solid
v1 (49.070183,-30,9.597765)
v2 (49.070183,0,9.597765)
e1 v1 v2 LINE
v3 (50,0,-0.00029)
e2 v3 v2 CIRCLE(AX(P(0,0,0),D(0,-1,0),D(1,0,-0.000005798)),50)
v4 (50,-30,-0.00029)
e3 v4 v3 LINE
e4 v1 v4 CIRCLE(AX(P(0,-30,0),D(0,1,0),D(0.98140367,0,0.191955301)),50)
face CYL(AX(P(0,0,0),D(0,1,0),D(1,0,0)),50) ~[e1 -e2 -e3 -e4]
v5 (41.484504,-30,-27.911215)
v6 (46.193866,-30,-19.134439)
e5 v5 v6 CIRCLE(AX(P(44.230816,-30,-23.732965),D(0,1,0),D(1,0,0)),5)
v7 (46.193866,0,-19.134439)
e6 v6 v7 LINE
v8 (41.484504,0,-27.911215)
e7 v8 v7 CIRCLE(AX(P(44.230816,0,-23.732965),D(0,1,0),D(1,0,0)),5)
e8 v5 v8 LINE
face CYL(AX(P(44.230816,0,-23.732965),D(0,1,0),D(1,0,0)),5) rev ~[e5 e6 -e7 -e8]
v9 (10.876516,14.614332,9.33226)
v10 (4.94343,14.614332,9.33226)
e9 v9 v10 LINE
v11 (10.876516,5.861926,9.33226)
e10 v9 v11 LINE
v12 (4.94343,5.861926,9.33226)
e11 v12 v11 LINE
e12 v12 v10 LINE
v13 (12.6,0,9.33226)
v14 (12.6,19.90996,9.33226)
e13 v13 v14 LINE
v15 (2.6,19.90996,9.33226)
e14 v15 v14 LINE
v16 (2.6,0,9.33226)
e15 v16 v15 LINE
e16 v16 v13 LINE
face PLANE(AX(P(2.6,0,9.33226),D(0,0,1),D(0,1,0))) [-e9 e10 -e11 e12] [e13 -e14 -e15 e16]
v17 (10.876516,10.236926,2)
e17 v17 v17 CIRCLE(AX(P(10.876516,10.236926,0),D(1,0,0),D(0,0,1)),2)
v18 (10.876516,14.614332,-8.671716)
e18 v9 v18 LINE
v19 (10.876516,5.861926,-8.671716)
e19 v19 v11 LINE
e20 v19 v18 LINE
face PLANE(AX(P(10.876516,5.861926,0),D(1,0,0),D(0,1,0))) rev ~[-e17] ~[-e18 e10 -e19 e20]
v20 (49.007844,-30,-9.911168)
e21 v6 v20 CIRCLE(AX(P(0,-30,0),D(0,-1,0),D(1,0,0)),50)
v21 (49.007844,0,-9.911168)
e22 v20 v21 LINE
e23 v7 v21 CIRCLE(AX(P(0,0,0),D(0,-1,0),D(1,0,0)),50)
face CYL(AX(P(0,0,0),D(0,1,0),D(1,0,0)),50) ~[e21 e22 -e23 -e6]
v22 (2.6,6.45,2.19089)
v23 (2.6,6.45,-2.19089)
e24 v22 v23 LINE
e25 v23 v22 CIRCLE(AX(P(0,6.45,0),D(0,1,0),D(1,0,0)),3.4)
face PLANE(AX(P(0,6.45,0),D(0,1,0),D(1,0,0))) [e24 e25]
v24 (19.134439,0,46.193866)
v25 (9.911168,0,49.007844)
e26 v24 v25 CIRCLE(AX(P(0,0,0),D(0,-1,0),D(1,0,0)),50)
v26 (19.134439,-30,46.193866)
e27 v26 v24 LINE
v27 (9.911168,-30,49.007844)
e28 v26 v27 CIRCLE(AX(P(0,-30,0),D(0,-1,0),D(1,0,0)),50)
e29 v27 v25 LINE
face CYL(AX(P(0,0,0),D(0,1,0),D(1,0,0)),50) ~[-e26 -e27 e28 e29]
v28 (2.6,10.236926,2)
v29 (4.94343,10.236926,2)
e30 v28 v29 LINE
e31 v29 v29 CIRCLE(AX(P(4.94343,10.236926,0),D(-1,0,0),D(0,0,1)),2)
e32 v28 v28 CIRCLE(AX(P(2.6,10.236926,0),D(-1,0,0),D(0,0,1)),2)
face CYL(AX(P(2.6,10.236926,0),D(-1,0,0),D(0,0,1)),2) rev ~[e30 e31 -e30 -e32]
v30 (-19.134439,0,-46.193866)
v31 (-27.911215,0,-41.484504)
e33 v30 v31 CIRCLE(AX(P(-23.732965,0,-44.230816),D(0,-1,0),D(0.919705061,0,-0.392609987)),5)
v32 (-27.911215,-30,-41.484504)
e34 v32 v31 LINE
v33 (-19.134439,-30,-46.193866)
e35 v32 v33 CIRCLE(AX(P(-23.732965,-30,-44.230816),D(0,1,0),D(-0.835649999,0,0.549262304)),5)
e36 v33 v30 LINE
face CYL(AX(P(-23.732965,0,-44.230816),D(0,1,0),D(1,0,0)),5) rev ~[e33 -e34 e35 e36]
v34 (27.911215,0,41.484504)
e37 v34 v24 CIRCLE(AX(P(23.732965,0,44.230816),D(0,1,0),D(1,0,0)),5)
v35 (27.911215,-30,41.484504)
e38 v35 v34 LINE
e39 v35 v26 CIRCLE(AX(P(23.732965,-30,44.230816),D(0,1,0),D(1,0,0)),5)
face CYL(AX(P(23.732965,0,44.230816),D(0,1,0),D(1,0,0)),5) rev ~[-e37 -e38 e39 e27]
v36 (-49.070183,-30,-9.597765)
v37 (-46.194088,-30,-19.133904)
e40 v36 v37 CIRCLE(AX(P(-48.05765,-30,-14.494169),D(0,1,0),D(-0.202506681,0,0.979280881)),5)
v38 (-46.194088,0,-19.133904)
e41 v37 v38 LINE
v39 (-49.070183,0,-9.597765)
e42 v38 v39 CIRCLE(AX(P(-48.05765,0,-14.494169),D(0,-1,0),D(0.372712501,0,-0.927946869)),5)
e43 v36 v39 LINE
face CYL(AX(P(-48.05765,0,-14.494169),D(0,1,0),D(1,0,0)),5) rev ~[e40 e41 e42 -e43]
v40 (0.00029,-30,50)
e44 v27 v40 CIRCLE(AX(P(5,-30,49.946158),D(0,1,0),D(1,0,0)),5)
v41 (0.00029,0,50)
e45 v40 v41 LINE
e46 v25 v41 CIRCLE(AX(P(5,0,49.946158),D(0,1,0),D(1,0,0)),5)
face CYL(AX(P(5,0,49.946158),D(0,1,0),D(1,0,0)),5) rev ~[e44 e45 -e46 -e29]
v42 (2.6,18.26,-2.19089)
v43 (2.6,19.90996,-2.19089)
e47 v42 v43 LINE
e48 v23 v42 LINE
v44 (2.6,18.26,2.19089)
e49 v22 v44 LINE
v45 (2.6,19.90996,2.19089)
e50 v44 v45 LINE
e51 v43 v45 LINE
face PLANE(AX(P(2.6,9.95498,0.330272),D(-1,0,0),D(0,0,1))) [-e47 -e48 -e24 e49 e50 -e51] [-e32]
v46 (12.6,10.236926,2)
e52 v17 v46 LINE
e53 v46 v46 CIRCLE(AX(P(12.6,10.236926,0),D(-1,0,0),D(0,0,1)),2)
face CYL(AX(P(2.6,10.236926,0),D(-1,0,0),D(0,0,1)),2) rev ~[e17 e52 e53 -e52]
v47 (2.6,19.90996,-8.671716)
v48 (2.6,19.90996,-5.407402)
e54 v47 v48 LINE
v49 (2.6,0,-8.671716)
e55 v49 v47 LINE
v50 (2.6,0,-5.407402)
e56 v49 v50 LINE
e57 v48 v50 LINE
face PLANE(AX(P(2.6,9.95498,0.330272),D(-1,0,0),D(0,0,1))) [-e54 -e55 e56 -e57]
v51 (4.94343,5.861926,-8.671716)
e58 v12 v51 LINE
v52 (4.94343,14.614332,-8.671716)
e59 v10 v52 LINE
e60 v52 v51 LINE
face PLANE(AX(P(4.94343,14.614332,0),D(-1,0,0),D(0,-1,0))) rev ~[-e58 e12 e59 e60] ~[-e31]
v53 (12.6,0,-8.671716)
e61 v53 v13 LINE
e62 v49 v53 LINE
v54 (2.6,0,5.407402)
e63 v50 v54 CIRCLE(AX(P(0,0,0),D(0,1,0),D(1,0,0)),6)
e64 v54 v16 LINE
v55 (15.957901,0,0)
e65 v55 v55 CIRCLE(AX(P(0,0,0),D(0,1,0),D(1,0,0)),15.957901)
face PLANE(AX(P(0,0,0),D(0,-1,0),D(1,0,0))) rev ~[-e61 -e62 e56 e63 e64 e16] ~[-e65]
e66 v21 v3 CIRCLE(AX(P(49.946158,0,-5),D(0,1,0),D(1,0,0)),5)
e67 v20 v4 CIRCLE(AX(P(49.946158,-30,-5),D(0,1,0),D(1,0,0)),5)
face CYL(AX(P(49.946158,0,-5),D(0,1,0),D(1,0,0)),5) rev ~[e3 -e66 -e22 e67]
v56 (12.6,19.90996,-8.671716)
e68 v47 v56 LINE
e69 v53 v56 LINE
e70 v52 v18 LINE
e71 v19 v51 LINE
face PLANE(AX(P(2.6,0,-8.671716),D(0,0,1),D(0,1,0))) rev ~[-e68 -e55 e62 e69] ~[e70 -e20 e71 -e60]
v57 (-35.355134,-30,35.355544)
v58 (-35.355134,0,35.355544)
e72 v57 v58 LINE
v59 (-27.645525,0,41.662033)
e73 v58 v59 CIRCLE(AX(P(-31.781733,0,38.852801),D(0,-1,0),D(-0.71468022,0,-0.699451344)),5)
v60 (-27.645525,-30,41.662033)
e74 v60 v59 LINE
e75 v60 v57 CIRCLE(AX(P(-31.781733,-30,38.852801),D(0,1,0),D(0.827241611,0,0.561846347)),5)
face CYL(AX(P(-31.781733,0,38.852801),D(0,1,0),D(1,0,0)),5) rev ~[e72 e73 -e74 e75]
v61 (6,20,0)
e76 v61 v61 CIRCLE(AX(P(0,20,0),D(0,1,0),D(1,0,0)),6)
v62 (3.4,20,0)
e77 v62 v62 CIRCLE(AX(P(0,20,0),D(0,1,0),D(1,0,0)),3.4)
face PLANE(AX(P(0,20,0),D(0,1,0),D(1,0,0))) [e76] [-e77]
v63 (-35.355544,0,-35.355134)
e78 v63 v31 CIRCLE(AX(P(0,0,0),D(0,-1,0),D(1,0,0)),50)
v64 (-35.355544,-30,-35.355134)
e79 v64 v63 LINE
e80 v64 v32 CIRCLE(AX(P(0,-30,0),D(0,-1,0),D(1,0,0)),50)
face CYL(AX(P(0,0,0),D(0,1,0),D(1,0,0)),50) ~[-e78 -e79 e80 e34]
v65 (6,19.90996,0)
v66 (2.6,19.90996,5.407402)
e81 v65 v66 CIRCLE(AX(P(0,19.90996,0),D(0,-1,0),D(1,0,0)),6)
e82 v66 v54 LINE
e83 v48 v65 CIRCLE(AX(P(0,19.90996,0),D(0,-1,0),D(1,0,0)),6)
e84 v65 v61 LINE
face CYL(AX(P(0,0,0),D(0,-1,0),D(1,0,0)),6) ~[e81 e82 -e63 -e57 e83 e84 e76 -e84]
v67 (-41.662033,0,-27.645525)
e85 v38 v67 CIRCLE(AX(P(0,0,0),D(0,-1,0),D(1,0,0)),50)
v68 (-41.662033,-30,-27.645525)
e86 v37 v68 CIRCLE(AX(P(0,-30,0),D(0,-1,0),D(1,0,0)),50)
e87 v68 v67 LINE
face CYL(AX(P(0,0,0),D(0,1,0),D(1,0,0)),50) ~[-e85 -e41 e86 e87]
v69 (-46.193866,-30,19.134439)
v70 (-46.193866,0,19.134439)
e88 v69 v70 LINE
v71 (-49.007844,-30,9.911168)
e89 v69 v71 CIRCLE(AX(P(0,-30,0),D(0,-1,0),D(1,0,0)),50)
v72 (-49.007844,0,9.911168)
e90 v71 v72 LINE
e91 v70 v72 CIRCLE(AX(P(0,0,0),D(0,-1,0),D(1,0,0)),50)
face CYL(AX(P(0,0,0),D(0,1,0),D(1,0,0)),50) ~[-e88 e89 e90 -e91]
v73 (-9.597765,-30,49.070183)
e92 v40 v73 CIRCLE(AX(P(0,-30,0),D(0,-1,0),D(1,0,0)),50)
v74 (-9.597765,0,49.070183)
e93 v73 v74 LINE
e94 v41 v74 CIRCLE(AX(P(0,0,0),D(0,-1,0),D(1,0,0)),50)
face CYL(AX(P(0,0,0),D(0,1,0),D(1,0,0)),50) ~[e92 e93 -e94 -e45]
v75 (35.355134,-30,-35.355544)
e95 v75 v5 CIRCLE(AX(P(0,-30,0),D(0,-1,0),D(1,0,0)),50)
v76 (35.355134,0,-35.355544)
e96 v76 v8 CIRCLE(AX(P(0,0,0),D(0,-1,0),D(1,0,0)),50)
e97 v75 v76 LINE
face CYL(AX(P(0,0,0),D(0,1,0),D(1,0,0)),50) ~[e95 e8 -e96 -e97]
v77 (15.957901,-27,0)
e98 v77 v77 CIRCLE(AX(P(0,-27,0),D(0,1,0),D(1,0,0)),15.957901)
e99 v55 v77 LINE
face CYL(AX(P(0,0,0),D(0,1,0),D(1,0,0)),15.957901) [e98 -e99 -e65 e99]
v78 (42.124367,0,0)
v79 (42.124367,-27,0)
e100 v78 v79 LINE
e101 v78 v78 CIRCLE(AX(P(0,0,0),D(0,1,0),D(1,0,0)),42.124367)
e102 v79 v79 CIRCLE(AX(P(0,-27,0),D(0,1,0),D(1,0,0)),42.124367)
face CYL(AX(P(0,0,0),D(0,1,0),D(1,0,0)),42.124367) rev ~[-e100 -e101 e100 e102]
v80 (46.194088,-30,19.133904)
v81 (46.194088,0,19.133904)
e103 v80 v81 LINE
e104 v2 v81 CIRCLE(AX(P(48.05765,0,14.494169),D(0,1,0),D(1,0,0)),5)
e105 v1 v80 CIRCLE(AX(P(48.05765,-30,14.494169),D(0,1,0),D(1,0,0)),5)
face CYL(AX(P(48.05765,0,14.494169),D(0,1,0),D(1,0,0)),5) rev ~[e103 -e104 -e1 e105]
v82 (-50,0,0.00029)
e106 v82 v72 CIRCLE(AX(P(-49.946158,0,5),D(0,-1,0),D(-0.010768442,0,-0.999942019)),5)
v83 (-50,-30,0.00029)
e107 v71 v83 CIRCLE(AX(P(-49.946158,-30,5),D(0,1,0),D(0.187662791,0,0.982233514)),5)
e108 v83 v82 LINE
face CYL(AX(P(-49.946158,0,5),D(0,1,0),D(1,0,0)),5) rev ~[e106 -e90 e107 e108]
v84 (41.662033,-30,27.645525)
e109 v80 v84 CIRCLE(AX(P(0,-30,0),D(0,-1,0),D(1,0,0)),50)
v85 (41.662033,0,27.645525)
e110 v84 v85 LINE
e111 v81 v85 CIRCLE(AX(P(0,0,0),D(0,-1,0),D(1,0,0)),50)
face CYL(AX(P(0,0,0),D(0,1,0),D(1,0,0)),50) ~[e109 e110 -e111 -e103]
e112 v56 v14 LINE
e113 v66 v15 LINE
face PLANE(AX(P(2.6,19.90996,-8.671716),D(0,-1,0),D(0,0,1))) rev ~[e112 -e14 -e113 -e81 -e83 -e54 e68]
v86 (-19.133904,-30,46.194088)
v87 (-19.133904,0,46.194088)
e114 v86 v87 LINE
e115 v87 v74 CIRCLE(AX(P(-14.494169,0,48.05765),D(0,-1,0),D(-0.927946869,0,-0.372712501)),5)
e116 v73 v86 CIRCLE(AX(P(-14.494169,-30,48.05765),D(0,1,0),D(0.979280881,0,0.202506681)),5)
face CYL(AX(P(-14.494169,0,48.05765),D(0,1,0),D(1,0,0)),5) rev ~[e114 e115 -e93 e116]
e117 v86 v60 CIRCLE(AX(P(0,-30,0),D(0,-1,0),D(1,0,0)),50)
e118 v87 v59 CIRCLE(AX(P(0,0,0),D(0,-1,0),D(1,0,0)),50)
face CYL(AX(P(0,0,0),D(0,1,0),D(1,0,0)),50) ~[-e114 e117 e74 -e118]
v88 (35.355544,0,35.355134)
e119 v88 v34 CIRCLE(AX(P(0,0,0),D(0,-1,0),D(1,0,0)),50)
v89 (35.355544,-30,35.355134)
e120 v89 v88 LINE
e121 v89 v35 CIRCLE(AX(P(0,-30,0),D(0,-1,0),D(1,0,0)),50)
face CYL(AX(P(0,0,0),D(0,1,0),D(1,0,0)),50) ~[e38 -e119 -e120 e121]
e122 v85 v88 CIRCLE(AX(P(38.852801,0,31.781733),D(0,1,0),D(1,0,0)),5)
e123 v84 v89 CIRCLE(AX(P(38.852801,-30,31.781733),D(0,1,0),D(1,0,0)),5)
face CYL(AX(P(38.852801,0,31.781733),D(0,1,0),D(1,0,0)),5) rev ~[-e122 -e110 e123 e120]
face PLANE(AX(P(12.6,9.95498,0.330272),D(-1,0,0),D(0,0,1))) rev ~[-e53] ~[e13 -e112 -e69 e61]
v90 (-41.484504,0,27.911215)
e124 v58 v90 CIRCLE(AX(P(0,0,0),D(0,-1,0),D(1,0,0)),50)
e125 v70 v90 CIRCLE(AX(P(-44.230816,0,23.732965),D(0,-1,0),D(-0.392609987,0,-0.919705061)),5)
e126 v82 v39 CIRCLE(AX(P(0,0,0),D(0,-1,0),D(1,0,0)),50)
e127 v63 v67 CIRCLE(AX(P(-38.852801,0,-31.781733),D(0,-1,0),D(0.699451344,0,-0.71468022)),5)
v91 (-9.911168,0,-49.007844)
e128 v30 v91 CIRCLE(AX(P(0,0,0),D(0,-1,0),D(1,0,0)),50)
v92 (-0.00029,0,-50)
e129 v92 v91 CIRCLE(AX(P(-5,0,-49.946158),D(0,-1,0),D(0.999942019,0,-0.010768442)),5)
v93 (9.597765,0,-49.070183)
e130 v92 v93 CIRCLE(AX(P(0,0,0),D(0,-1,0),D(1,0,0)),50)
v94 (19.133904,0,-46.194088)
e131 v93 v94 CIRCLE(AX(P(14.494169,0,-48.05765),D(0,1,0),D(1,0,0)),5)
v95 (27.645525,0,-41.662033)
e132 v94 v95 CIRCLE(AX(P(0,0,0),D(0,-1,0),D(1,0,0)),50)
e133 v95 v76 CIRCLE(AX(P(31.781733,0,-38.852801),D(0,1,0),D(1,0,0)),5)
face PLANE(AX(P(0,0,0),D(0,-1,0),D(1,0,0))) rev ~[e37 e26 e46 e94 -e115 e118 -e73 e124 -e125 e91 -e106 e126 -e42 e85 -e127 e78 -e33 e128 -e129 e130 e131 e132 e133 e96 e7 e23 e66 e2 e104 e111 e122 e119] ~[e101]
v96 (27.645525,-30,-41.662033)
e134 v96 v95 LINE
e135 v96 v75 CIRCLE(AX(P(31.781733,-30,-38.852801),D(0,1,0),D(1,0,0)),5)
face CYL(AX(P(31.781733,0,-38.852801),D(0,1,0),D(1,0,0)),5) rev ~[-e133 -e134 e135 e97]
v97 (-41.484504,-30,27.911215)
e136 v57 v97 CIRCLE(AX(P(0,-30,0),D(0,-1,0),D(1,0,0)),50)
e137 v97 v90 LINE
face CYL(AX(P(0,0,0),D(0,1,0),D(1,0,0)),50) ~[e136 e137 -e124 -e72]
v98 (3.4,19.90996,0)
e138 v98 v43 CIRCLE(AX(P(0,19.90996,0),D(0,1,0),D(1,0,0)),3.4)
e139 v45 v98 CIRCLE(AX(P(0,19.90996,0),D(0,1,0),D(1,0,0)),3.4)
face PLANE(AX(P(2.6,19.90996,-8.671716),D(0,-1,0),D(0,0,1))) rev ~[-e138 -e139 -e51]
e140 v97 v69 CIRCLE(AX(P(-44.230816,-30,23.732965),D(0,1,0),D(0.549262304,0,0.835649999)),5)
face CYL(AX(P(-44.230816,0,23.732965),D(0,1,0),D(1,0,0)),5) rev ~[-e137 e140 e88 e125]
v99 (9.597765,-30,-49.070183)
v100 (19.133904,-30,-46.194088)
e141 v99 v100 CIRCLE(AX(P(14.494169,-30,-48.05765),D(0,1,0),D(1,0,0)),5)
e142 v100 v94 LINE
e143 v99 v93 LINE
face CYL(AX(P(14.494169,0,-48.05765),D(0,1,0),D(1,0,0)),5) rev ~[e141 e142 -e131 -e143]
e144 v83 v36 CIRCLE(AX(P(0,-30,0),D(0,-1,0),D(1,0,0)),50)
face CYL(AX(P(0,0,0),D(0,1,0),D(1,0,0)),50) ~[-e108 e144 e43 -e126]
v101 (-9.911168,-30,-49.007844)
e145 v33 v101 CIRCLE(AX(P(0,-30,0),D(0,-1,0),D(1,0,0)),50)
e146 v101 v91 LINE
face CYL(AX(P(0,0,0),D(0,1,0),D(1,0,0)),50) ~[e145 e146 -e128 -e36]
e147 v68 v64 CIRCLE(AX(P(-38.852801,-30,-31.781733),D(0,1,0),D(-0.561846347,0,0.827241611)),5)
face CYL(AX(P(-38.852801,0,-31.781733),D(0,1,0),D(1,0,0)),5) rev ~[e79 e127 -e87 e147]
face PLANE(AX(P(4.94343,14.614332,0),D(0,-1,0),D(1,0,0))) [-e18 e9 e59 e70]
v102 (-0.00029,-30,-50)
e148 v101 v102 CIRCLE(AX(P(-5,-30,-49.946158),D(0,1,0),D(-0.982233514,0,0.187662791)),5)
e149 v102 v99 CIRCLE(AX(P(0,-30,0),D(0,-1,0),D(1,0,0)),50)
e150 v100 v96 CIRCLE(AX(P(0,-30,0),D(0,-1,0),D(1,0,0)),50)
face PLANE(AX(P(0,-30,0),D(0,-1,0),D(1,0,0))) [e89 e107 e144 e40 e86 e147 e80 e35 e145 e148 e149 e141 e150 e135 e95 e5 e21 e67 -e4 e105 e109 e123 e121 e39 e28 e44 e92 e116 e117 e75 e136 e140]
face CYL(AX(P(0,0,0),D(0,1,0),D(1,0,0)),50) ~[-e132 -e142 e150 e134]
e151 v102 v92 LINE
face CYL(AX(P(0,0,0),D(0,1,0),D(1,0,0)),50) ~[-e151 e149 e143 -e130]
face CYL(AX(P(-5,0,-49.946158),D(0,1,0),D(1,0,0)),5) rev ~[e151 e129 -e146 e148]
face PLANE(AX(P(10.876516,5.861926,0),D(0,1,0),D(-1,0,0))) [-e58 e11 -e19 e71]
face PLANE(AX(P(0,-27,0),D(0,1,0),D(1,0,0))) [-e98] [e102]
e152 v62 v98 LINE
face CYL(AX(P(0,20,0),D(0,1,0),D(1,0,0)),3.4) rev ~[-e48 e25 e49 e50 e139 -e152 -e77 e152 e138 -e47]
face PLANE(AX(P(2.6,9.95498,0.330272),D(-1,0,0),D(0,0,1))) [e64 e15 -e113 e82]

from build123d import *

# Parameters (mm, degrees)
SKETCH1_R               = 6
BOSS_EXTRUDE1_DEPTH     = 20
SKETCH2_R               = 3.4
CUT_EXTRUDE1_DEPTH      = 13.55
SKETCH5_W               = 1.550685087
SKETCH5_H               = 7.184215806
BOSS_EXTRUDE2_DEPTH     = 13.55
SKETCH7_W               = 18.003976239
SKETCH7_H               = 19.909960041
BOSS_EXTRUDE3_DEPTH     = 10
SKETCH6_R               = 2
CUT_EXTRUDE2_DEPTH      = 1
CUT_EXTRUDE2_DEPTH_BACK = 13.55
CUT_EXTRUDE3_DEPTH      = 10
CUT_EXTRUDE3_DEPTH_BACK = 10
SKETCH10_R              = 50
BOSS_EXTRUDE4_DEPTH     = 30
SKETCH11_R              = 5
CUT_EXTRUDE4_DEPTH      = 30
SKETCH12_R              = 42.124366513
SKETCH12_R_2            = 15.95790089
CUT_EXTRUDE5_DEPTH      = 27


with BuildPart() as part:
    # Sketch1 → Boss-Extrude1 (new body)
    with BuildSketch(Plane(origin=(0, 0, 0), x_dir=(1, 0, 0), z_dir=(0, 1, 0))):
        Circle(SKETCH1_R)
    extrude(amount=BOSS_EXTRUDE1_DEPTH)

    # Sketch2 → Cut-Extrude1 (cut)
    with BuildSketch(Plane(origin=(0, 20, 0), x_dir=(1, 0, 0), z_dir=(0, 1, 0))):
        Circle(SKETCH2_R)
    extrude(amount=-CUT_EXTRUDE1_DEPTH, mode=Mode.SUBTRACT)

    # Sketch5 → Boss-Extrude2 (add)
    with BuildSketch(Plane(origin=(0, 18.26, 0), x_dir=(1, 0, 0), z_dir=(0, 1, 0))):
        with Locations((3.375342544, 0.020519704)):
            Rectangle(SKETCH5_W, SKETCH5_H)
    extrude(amount=-BOSS_EXTRUDE2_DEPTH)

    # Sketch7 → Boss-Extrude3 (add)
    with BuildSketch(Plane.ZY.offset(-2.6)):
        with Locations((0.33027221, 9.954980021)):
            Rectangle(SKETCH7_W, SKETCH7_H)
    extrude(amount=-BOSS_EXTRUDE3_DEPTH)

    # Sketch6 → Cut-Extrude2 (cut, two sides)
    with BuildSketch(Plane.ZY.offset(-2.6)) as cut_extrude2_sk:
        with Locations((0, 10.236925537)):
            Circle(SKETCH6_R)
    extrude(amount=CUT_EXTRUDE2_DEPTH, mode=Mode.SUBTRACT)
    extrude(cut_extrude2_sk.sketch, amount=-CUT_EXTRUDE2_DEPTH_BACK, mode=Mode.SUBTRACT)

    # Sketch9 → Cut-Extrude3 (cut, two sides)
    with BuildSketch(Plane.XY) as cut_extrude3_sk:
        Polygon((10.876516382, 10.236925537), (10.876516382, 5.861925537), (4.943430227, 5.861925537), (4.943430227, 10.236925537), (4.943430227, 14.614332445), (10.876516382, 14.614332445), align=None)
    extrude(amount=CUT_EXTRUDE3_DEPTH, mode=Mode.SUBTRACT)
    extrude(cut_extrude3_sk.sketch, amount=-CUT_EXTRUDE3_DEPTH_BACK, mode=Mode.SUBTRACT)

    # Sketch10 → Boss-Extrude4 (add)
    with BuildSketch(Plane.XZ):
        Circle(SKETCH10_R)
    extrude(amount=BOSS_EXTRUDE4_DEPTH)

    # Sketch11 → Cut-Extrude4 (cut)
    with BuildSketch(Plane(origin=(0, 0, 0), x_dir=(1, 0, 0), z_dir=(0, 1, 0))):
        with Locations((5, -49.946157791)):
            Circle(SKETCH11_R)
        with Locations((-14.494169434, -48.057650072)):
            Circle(SKETCH11_R)
        with Locations((-31.781732962, -38.852800774)):
            Circle(SKETCH11_R)
        with Locations((-44.230815749, -23.732964759)):
            Circle(SKETCH11_R)
        with Locations((-49.946157791, -5)):
            Circle(SKETCH11_R)
        with Locations((-48.057650072, 14.494169434)):
            Circle(SKETCH11_R)
        with Locations((-38.852800774, 31.781732962)):
            Circle(SKETCH11_R)
        with Locations((-23.732964759, 44.230815749)):
            Circle(SKETCH11_R)
        with Locations((-5, 49.946157791)):
            Circle(SKETCH11_R)
        with Locations((14.494169434, 48.057650072)):
            Circle(SKETCH11_R)
        with Locations((31.781732962, 38.852800774)):
            Circle(SKETCH11_R)
        with Locations((44.230815749, 23.732964759)):
            Circle(SKETCH11_R)
        with Locations((49.946157791, 5)):
            Circle(SKETCH11_R)
        with Locations((48.057650072, -14.494169434)):
            Circle(SKETCH11_R)
        with Locations((38.852800774, -31.781732962)):
            Circle(SKETCH11_R)
        with Locations((23.732964759, -44.230815749)):
            Circle(SKETCH11_R)
    extrude(amount=-CUT_EXTRUDE4_DEPTH, mode=Mode.SUBTRACT)

    # Sketch12 → Cut-Extrude5 (cut)
    with BuildSketch(Plane(origin=(0, 0, 0), x_dir=(1, 0, 0), z_dir=(0, 1, 0))):
        Circle(SKETCH12_R)
        Circle(SKETCH12_R_2, mode=Mode.SUBTRACT)
    extrude(amount=-CUT_EXTRUDE5_DEPTH, mode=Mode.SUBTRACT)


solid = part.part
